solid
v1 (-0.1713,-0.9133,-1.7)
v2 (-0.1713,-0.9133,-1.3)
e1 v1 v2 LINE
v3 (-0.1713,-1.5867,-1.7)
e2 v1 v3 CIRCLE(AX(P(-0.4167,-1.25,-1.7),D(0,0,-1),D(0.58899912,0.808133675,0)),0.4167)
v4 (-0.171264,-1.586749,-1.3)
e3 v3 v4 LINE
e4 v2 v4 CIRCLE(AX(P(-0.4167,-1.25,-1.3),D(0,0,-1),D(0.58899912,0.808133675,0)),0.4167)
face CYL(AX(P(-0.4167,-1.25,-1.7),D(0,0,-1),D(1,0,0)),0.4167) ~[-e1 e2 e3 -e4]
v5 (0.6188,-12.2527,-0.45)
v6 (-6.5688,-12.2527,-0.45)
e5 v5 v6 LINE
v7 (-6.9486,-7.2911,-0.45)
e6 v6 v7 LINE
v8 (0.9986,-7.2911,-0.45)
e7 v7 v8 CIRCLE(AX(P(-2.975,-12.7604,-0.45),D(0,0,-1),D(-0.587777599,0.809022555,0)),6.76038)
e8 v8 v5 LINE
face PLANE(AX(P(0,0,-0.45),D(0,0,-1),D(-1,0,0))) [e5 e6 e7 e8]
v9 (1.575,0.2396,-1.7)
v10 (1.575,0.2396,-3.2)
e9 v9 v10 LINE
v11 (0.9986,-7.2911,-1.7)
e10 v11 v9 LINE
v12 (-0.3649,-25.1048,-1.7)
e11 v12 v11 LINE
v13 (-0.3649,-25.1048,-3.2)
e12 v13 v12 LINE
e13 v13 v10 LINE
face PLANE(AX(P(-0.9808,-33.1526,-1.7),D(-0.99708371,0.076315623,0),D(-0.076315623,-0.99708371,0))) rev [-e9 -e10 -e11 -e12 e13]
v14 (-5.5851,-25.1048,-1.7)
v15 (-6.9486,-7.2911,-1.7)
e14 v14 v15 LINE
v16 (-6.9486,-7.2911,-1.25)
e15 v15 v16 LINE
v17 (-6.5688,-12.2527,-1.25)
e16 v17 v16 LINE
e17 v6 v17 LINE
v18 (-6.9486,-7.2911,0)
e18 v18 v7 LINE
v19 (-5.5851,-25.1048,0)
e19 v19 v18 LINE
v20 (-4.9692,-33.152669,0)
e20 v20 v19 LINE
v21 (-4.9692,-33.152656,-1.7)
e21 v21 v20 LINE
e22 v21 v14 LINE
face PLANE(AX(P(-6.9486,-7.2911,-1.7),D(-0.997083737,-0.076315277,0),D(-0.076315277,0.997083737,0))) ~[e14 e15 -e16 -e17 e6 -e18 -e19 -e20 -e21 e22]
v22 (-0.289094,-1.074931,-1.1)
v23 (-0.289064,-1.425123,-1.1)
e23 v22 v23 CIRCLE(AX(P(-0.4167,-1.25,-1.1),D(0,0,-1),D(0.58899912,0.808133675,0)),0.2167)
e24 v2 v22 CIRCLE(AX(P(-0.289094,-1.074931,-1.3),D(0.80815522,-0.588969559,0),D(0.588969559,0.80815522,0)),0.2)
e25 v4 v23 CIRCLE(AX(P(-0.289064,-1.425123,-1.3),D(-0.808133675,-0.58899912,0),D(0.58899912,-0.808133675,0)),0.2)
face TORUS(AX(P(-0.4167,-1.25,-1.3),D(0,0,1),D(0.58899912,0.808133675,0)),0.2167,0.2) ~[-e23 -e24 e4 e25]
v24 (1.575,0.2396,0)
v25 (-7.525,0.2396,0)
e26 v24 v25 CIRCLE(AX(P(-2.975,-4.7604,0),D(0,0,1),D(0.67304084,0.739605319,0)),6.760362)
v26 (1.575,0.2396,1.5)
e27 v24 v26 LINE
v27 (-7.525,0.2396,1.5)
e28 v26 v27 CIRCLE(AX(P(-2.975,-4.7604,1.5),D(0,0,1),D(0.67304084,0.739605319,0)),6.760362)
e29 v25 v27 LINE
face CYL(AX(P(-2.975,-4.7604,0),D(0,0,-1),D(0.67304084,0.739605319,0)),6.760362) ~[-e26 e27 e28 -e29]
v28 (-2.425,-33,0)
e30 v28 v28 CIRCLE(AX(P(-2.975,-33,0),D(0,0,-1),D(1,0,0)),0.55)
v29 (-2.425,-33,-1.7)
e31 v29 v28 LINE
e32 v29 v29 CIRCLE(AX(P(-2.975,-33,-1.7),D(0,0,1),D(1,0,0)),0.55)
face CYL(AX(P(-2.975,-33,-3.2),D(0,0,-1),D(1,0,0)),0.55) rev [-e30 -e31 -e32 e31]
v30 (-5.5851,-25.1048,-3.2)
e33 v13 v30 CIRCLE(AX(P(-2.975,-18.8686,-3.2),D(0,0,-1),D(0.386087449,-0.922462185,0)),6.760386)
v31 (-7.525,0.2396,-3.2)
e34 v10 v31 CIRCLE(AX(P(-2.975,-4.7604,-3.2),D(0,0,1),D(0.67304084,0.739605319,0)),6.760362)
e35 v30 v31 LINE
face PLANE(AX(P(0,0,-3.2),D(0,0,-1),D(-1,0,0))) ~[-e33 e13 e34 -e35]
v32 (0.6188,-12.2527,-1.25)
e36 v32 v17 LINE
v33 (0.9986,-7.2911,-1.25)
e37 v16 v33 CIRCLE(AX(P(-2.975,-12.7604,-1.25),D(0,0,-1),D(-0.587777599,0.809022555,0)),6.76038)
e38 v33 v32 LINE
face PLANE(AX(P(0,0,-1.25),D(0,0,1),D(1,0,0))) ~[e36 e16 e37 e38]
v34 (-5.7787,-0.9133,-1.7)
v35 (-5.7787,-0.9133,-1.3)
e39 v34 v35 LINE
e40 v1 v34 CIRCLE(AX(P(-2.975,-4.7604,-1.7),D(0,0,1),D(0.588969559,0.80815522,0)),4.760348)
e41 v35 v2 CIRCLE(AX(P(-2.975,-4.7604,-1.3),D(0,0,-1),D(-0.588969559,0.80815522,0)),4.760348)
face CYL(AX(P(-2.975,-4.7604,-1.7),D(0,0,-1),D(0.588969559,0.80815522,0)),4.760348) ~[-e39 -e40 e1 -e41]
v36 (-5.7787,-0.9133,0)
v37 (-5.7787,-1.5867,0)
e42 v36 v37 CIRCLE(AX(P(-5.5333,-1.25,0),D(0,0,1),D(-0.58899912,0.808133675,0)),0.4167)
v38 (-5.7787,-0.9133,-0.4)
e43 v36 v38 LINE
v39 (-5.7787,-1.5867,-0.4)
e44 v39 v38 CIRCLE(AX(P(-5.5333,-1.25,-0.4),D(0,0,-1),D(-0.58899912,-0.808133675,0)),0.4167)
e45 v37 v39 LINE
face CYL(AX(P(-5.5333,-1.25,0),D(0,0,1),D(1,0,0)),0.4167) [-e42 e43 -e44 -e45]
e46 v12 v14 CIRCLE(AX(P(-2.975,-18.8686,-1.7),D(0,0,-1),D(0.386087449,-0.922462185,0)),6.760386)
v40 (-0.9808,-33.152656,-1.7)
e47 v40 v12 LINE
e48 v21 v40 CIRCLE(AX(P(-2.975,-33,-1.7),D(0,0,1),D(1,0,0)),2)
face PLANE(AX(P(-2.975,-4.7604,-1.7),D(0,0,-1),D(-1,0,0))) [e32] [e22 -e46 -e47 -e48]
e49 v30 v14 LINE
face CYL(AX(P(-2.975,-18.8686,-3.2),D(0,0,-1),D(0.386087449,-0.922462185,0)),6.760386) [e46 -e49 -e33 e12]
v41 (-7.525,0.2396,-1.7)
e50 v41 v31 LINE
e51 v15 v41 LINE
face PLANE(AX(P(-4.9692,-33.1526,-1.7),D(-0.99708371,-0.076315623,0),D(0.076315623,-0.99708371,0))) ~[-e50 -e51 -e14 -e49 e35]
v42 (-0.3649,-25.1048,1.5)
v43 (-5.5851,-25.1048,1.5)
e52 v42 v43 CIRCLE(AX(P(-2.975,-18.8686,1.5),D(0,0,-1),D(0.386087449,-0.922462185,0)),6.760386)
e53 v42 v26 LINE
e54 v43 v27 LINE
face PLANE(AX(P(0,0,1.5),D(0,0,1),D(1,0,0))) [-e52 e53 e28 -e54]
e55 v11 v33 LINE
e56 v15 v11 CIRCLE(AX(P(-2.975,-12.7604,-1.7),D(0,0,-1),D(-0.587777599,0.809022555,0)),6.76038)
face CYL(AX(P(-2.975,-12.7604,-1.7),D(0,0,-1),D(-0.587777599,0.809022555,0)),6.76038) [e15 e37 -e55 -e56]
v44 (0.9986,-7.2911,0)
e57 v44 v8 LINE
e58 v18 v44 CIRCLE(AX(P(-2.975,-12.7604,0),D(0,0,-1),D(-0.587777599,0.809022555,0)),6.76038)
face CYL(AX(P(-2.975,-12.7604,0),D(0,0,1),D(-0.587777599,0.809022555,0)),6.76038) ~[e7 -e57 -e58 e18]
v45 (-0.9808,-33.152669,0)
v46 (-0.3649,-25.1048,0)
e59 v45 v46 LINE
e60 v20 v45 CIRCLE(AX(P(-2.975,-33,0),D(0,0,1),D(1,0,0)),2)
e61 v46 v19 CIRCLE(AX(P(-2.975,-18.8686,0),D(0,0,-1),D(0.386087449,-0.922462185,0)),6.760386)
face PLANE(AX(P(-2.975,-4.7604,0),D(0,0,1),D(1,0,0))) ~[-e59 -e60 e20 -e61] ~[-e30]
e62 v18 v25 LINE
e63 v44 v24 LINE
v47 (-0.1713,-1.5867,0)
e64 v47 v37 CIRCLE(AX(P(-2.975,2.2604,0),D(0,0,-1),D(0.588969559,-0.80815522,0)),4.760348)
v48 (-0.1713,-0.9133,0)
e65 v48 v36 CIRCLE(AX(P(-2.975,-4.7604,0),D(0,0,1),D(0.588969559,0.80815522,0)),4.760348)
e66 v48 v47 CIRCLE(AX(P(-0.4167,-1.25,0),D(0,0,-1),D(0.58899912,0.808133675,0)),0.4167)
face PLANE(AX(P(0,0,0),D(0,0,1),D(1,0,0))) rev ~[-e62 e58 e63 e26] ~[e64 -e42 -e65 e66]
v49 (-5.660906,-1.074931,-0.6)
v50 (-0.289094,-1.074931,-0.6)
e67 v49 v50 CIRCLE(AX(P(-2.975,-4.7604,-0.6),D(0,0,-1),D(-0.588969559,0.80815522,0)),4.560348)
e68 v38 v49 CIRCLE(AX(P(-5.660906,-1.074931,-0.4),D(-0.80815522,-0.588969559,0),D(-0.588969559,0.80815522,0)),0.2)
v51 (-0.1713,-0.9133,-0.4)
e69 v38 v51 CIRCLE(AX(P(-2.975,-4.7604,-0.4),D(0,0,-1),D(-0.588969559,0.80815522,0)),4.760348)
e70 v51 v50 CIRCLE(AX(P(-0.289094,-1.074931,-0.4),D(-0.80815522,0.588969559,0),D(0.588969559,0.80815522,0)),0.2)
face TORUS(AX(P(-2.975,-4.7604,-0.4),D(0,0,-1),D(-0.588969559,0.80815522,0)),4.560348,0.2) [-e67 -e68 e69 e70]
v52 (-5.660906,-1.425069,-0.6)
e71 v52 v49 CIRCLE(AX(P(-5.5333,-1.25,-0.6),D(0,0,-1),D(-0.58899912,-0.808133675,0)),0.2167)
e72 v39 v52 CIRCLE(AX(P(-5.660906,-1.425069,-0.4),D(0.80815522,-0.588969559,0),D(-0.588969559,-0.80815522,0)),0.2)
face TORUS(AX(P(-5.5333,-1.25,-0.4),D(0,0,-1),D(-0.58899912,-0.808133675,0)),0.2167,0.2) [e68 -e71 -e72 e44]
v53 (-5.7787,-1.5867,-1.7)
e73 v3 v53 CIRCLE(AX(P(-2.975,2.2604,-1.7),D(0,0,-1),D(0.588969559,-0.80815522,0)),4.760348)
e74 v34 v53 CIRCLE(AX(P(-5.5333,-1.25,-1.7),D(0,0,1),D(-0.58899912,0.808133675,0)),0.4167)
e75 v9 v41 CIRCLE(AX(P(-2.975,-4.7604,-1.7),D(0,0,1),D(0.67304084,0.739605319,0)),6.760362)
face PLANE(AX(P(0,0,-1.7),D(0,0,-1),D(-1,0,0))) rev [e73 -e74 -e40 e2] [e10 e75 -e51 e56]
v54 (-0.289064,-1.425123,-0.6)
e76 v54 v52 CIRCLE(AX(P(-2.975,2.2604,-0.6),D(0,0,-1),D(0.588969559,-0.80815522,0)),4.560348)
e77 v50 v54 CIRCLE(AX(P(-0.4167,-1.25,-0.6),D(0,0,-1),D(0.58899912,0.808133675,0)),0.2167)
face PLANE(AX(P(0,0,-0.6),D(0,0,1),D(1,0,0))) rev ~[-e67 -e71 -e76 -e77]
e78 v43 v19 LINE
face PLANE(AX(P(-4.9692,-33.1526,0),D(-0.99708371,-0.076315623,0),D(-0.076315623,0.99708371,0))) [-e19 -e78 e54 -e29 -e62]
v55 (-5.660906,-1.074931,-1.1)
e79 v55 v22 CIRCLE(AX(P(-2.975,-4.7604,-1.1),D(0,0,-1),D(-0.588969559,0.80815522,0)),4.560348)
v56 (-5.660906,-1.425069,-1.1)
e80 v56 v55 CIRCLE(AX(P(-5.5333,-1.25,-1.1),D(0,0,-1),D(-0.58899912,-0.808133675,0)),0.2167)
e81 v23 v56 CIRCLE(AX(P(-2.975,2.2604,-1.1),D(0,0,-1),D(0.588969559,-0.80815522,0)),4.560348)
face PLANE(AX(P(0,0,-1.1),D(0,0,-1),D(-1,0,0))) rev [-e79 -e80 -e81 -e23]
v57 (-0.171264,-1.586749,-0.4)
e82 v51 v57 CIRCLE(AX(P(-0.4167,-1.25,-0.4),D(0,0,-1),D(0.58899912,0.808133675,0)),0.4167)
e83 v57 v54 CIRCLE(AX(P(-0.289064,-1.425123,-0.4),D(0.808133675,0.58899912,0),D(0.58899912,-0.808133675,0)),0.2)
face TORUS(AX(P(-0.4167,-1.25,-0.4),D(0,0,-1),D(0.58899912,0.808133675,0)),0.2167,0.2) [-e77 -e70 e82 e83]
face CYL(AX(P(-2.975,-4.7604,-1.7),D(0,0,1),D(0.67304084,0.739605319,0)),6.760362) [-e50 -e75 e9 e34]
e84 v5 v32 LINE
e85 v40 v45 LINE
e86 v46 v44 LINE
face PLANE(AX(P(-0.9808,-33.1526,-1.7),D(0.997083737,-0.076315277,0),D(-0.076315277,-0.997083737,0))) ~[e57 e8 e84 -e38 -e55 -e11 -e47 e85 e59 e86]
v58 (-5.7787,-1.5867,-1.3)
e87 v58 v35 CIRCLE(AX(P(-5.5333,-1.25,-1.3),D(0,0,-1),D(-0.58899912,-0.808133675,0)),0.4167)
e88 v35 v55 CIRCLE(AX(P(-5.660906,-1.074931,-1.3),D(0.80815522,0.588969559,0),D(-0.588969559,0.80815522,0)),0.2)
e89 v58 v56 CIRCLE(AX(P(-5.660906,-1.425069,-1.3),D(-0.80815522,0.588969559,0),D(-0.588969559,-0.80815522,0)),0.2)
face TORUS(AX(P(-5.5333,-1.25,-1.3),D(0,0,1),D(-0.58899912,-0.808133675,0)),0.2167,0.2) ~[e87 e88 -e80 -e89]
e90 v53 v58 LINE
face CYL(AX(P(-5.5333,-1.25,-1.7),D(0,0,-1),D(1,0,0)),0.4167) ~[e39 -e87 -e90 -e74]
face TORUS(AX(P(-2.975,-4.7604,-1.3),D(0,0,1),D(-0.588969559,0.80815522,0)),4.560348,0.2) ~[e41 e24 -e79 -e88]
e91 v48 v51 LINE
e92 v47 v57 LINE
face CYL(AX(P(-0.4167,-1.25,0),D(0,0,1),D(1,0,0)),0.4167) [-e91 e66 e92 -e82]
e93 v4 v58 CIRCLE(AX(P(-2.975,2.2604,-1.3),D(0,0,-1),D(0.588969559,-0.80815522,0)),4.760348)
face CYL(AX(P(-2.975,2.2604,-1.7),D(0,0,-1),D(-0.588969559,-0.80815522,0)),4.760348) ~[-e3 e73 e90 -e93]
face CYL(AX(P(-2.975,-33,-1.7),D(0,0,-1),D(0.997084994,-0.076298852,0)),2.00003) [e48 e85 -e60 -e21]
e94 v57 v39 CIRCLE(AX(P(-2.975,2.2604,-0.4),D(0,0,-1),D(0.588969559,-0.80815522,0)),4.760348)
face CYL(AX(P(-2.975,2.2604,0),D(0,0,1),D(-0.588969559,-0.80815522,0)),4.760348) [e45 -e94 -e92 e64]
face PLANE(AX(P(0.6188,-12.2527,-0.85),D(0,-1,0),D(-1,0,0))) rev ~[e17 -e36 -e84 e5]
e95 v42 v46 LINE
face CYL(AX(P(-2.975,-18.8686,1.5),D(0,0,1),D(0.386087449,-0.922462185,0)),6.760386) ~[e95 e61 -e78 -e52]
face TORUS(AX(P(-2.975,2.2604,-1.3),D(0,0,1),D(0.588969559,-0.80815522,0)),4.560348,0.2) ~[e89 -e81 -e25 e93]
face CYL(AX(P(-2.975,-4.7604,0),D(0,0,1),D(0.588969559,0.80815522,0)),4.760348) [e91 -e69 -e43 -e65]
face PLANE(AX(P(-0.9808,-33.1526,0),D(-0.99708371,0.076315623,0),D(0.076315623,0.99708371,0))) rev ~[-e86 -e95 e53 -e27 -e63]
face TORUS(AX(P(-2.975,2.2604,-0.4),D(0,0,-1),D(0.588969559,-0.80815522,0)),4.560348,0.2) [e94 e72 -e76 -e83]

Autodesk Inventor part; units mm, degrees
ref_plane "YZ Plane" through (0, 0, 0) normal (1, 0, 0) x (0, 1, 0)
ref_plane "XZ Plane" through (0, 0, 0) normal (0, 1, 0) x (-1, 0, 0)
sketch "Sketch1" plane through (0, 0, 0) normal (0, 0, 1) x (1, 0, 0)
  arc A0 (-0.1713, -0.9133) -> (-5.7787, -0.9133) centre (-2.975, -4.7604) ccw
  arc A1 (-5.7787, -1.5867) -> (-0.1713, -1.5867) centre (-2.975, 2.2604) ccw
  circle A2 centre (-5.5333, -1.25) radius 0.4167
  circle A3 centre (-0.4167, -1.25) radius 0.4167
  line L0 (-5.95, 0) -> (0, 0)
  line L1 (0, 0) -> (0, -2.5)
  line L2 (0, -2.5) -> (-5.95, -2.5)
  line L3 (-5.95, -2.5) -> (-5.95, 0)
  point P0 (-1.5, -3.25)
  dimension "d8" = 4.7604
  dimension "d11" = 0.8333
  dimension "d12" = 5.95
  dimension "d13" = 2.5
  dimension "d14" = 0.8333
  dimension "d22" = 4.7604
extrude "Extrusion1" add sketch "Sketch1" against normal blind 0.6 contours A3 A1 A2 A0 | A3 | A2
sketch "Sketch2" plane through (0, 0, 0) normal (0, 0, 1) x (1, 0, 0)
  arc A0 (-0.1713, -0.9133) -> (-5.7787, -0.9133) centre (-2.975, -4.7604) ccw projected
  arc A1 (1.575, 0.2396) -> (-7.525, 0.2396) centre (-2.975, -4.7604) ccw
  line L0 (-4.9692, -33.1526) -> (-7.525, 0.2396)
  line L1 (-0.9808, -33.1526) -> (1.575, 0.2396)
  circle A2 centre (-2.975, -33) radius 2
  arc A3 (-0.1713, -0.9133) -> (-5.7787, -0.9133) centre (-2.975, -4.7604) ccw projected
  line L2 (-11.9492, 2) -> (-1.5879, 2) construction
  point P0 (-7.5, -3.25)
  dimension "d15" = 33.4899
  dimension "d16" = 2
  dimension "d17" = 33.4899
  dimension "d19" = 4
  dimension "d20" = 9.1
  dimension "d21" = 35
extrude "Extrusion2" add sketch "Sketch2" along normal blind 1.5
sketch "Sketch4" plane through (0, 0, 0) normal (0, 0, -1) x (-1, 0, 0)
  arc A0 (7.525, 0.2396) -> (-1.575, 0.2396) centre (2.975, -4.7604) ccw projected
  line L0 (4.6338, -2.5) -> (0.9036, -2.5) construction
  line L1 (4.4698, -6) -> (1.0404, -6) construction
  arc A1 (0.1713, -1.5867) -> (5.7787, -1.5867) centre (2.975, 2.2604) ccw construction
  line L2 (7.525, 0.2396) -> (4.9692, -33.1526) construction
  line L3 (0.9808, -33.1526) -> (-1.575, 0.2396) construction
  arc A2 (6.9486, -7.2911) -> (-0.9986, -7.2911) centre (2.975, -12.7604) ccw
  line L4 (7.525, 0.2396) -> (4.9692, -33.1526) construction
  line L5 (0.9808, -33.1526) -> (-1.575, 0.2396) construction
  arc A3 (0.9808, -33.1526) -> (4.9692, -33.1526) centre (2.975, -33) ccw projected
  line L6 (6.9486, -7.2911) -> (4.9692, -33.1526)
  line L7 (0.9808, -33.1526) -> (-0.9986, -7.2911)
  point P0 (0, 0)
  dimension "d23" = 3.5
  dimension "d24" = 6.7604
  dimension "d25" = 6.7604
extrude "Extrusion4" add sketch "Sketch4" along normal blind 0.85
sketch "Sketch7" plane through (0, 0, -0.85) normal (0, 0, -1) x (-1, 0, 0)
  arc A0 (6.9486, -7.2911) -> (-0.9986, -7.2911) centre (2.975, -12.7604) ccw projected
  line L0 (-0.9986, -7.2911) -> (0.9808, -33.1526) projected
  arc A1 (0.9808, -33.1526) -> (4.9692, -33.1526) centre (2.975, -33) ccw projected
  line L1 (4.9692, -33.1526) -> (6.9486, -7.2911) projected
  line L2 (-0.6188, -12.2527) -> (6.5688, -12.2527)
  point P0 (0, 0)
extrude "Extrusion7" cut sketch "Sketch7" against normal blind 0.4 contours L1 L2 L0 A0
sketch "Sketch3" plane through (0, 0, 1.5) normal (0, 0, 1) x (1, 0, 0)
  arc A0 (-4.9692, -33.1526) -> (-0.9808, -33.1526) centre (-2.975, -33) ccw projected
  circle A1 centre (-2.975, -33) radius 0.55
  point P0 (0, 0)
  dimension "d5" = 1.1
extrude "Extrusion3" cut sketch "Sketch3" against normal through all
ref_plane "Work Plane1" through (-4.9692, -33.1526, -0.85) normal (0, 0, -1) x (-1, 0, 0)
mirror "Mirror1" about plane through (-2.975, -19.8303, -0.85) normal (0, 0, -1) of "Extrusion1", "Extrusion2", "Extrusion4", "Extrusion3", "Extrusion7"
sketch "Sketch8" plane through (-2.975, -4.7604, -3.2) normal (0, 0, -1) x (-1, 0, 0)
  circle A0 centre (0, -28.2396) radius 0.55 projected
  arc A1 (-1.9942, -28.3923) -> (1.9942, -28.3923) centre (0, -28.2396) ccw projected
  line L0 (4.55, 5) -> (1.9942, -28.3923) projected
  arc A2 (4.55, 5) -> (-4.55, 5) centre (0, 0) ccw projected
  line L1 (-1.9942, -28.3923) -> (-4.55, 5) projected
  line L2 (-1.9942, -28.3923) -> (-4.55, 5) projected
  line L3 (4.55, 5) -> (1.9942, -28.3923) projected
  arc A3 (-2.6101, -20.3444) -> (2.6101, -20.3444) centre (0, -14.1082) ccw
  point P0 (-2.975, 4.7604)
  dimension "d37" = 6.7604
  dimension "d38" = 6.7604
extrude "Extrusion8" cut sketch "Sketch8" against normal blind 1.5 contours L1 A3 L0 A1
mirror "Mirror2" about plane through (-4.9692, -33.1526, -0.85) normal (0, 0, -1) of "Extrusion8"
fillet "Fillet1" radius 0.2 8 edges at (-2.975, 0, -0.6) (0, -1.25, -0.6) (-2.975, -2.5, -0.6) (-5.95, -1.25, -0.6) (-2.975, 0, -1.1) (0, -1.25, -1.1) (-2.975, -2.5, -1.1) (-5.95, -1.25, -1.1)
sketch "Sketch6" plane through (-2.975, -4.7604, -3.2) normal (0, 0, -1) x (-1, 0, 0)
  line L0 (-1.9942, -28.3923) -> (-4.55, 5) projected
  line L1 (4.55, 5) -> (1.9942, -28.3923) projected
  arc A0 (-2.5344, -21.3343) -> (2.5344, -21.3343) centre (0, -18.2396) ccw
  circle A1 centre (0, -28.2396) radius 0.55 projected
  arc A2 (-1.9942, -28.3923) -> (1.9942, -28.3923) centre (0, -28.2396) ccw projected
  point P0 (-2.975, 4.7604)
  dimension "d31" = 4
  dimension "d32" = 10
equation "\"d11\" = 0.333333 * d13"
equation "\"d12\" = phheight"
equation "\"d13\" = phwidth"
equation "\"d14\" = d11"
equation "\"d22\" = d8"
equation "\"d16\" = phtosolid"
equation "\"d17\" = d15"
equation "\"d20\" = pheight"
equation "\"d24\" = d25"
equation "\"d37\" = d38"
equation "\"phtofree\" = 2.5"
equation "\"phtosolid\" = 2"
equation "\"phheight\" = 5.95"
equation "\"phwidth\" = 2.5"
equation "\"pheight\" = 9.1"
properties part number "poker"
